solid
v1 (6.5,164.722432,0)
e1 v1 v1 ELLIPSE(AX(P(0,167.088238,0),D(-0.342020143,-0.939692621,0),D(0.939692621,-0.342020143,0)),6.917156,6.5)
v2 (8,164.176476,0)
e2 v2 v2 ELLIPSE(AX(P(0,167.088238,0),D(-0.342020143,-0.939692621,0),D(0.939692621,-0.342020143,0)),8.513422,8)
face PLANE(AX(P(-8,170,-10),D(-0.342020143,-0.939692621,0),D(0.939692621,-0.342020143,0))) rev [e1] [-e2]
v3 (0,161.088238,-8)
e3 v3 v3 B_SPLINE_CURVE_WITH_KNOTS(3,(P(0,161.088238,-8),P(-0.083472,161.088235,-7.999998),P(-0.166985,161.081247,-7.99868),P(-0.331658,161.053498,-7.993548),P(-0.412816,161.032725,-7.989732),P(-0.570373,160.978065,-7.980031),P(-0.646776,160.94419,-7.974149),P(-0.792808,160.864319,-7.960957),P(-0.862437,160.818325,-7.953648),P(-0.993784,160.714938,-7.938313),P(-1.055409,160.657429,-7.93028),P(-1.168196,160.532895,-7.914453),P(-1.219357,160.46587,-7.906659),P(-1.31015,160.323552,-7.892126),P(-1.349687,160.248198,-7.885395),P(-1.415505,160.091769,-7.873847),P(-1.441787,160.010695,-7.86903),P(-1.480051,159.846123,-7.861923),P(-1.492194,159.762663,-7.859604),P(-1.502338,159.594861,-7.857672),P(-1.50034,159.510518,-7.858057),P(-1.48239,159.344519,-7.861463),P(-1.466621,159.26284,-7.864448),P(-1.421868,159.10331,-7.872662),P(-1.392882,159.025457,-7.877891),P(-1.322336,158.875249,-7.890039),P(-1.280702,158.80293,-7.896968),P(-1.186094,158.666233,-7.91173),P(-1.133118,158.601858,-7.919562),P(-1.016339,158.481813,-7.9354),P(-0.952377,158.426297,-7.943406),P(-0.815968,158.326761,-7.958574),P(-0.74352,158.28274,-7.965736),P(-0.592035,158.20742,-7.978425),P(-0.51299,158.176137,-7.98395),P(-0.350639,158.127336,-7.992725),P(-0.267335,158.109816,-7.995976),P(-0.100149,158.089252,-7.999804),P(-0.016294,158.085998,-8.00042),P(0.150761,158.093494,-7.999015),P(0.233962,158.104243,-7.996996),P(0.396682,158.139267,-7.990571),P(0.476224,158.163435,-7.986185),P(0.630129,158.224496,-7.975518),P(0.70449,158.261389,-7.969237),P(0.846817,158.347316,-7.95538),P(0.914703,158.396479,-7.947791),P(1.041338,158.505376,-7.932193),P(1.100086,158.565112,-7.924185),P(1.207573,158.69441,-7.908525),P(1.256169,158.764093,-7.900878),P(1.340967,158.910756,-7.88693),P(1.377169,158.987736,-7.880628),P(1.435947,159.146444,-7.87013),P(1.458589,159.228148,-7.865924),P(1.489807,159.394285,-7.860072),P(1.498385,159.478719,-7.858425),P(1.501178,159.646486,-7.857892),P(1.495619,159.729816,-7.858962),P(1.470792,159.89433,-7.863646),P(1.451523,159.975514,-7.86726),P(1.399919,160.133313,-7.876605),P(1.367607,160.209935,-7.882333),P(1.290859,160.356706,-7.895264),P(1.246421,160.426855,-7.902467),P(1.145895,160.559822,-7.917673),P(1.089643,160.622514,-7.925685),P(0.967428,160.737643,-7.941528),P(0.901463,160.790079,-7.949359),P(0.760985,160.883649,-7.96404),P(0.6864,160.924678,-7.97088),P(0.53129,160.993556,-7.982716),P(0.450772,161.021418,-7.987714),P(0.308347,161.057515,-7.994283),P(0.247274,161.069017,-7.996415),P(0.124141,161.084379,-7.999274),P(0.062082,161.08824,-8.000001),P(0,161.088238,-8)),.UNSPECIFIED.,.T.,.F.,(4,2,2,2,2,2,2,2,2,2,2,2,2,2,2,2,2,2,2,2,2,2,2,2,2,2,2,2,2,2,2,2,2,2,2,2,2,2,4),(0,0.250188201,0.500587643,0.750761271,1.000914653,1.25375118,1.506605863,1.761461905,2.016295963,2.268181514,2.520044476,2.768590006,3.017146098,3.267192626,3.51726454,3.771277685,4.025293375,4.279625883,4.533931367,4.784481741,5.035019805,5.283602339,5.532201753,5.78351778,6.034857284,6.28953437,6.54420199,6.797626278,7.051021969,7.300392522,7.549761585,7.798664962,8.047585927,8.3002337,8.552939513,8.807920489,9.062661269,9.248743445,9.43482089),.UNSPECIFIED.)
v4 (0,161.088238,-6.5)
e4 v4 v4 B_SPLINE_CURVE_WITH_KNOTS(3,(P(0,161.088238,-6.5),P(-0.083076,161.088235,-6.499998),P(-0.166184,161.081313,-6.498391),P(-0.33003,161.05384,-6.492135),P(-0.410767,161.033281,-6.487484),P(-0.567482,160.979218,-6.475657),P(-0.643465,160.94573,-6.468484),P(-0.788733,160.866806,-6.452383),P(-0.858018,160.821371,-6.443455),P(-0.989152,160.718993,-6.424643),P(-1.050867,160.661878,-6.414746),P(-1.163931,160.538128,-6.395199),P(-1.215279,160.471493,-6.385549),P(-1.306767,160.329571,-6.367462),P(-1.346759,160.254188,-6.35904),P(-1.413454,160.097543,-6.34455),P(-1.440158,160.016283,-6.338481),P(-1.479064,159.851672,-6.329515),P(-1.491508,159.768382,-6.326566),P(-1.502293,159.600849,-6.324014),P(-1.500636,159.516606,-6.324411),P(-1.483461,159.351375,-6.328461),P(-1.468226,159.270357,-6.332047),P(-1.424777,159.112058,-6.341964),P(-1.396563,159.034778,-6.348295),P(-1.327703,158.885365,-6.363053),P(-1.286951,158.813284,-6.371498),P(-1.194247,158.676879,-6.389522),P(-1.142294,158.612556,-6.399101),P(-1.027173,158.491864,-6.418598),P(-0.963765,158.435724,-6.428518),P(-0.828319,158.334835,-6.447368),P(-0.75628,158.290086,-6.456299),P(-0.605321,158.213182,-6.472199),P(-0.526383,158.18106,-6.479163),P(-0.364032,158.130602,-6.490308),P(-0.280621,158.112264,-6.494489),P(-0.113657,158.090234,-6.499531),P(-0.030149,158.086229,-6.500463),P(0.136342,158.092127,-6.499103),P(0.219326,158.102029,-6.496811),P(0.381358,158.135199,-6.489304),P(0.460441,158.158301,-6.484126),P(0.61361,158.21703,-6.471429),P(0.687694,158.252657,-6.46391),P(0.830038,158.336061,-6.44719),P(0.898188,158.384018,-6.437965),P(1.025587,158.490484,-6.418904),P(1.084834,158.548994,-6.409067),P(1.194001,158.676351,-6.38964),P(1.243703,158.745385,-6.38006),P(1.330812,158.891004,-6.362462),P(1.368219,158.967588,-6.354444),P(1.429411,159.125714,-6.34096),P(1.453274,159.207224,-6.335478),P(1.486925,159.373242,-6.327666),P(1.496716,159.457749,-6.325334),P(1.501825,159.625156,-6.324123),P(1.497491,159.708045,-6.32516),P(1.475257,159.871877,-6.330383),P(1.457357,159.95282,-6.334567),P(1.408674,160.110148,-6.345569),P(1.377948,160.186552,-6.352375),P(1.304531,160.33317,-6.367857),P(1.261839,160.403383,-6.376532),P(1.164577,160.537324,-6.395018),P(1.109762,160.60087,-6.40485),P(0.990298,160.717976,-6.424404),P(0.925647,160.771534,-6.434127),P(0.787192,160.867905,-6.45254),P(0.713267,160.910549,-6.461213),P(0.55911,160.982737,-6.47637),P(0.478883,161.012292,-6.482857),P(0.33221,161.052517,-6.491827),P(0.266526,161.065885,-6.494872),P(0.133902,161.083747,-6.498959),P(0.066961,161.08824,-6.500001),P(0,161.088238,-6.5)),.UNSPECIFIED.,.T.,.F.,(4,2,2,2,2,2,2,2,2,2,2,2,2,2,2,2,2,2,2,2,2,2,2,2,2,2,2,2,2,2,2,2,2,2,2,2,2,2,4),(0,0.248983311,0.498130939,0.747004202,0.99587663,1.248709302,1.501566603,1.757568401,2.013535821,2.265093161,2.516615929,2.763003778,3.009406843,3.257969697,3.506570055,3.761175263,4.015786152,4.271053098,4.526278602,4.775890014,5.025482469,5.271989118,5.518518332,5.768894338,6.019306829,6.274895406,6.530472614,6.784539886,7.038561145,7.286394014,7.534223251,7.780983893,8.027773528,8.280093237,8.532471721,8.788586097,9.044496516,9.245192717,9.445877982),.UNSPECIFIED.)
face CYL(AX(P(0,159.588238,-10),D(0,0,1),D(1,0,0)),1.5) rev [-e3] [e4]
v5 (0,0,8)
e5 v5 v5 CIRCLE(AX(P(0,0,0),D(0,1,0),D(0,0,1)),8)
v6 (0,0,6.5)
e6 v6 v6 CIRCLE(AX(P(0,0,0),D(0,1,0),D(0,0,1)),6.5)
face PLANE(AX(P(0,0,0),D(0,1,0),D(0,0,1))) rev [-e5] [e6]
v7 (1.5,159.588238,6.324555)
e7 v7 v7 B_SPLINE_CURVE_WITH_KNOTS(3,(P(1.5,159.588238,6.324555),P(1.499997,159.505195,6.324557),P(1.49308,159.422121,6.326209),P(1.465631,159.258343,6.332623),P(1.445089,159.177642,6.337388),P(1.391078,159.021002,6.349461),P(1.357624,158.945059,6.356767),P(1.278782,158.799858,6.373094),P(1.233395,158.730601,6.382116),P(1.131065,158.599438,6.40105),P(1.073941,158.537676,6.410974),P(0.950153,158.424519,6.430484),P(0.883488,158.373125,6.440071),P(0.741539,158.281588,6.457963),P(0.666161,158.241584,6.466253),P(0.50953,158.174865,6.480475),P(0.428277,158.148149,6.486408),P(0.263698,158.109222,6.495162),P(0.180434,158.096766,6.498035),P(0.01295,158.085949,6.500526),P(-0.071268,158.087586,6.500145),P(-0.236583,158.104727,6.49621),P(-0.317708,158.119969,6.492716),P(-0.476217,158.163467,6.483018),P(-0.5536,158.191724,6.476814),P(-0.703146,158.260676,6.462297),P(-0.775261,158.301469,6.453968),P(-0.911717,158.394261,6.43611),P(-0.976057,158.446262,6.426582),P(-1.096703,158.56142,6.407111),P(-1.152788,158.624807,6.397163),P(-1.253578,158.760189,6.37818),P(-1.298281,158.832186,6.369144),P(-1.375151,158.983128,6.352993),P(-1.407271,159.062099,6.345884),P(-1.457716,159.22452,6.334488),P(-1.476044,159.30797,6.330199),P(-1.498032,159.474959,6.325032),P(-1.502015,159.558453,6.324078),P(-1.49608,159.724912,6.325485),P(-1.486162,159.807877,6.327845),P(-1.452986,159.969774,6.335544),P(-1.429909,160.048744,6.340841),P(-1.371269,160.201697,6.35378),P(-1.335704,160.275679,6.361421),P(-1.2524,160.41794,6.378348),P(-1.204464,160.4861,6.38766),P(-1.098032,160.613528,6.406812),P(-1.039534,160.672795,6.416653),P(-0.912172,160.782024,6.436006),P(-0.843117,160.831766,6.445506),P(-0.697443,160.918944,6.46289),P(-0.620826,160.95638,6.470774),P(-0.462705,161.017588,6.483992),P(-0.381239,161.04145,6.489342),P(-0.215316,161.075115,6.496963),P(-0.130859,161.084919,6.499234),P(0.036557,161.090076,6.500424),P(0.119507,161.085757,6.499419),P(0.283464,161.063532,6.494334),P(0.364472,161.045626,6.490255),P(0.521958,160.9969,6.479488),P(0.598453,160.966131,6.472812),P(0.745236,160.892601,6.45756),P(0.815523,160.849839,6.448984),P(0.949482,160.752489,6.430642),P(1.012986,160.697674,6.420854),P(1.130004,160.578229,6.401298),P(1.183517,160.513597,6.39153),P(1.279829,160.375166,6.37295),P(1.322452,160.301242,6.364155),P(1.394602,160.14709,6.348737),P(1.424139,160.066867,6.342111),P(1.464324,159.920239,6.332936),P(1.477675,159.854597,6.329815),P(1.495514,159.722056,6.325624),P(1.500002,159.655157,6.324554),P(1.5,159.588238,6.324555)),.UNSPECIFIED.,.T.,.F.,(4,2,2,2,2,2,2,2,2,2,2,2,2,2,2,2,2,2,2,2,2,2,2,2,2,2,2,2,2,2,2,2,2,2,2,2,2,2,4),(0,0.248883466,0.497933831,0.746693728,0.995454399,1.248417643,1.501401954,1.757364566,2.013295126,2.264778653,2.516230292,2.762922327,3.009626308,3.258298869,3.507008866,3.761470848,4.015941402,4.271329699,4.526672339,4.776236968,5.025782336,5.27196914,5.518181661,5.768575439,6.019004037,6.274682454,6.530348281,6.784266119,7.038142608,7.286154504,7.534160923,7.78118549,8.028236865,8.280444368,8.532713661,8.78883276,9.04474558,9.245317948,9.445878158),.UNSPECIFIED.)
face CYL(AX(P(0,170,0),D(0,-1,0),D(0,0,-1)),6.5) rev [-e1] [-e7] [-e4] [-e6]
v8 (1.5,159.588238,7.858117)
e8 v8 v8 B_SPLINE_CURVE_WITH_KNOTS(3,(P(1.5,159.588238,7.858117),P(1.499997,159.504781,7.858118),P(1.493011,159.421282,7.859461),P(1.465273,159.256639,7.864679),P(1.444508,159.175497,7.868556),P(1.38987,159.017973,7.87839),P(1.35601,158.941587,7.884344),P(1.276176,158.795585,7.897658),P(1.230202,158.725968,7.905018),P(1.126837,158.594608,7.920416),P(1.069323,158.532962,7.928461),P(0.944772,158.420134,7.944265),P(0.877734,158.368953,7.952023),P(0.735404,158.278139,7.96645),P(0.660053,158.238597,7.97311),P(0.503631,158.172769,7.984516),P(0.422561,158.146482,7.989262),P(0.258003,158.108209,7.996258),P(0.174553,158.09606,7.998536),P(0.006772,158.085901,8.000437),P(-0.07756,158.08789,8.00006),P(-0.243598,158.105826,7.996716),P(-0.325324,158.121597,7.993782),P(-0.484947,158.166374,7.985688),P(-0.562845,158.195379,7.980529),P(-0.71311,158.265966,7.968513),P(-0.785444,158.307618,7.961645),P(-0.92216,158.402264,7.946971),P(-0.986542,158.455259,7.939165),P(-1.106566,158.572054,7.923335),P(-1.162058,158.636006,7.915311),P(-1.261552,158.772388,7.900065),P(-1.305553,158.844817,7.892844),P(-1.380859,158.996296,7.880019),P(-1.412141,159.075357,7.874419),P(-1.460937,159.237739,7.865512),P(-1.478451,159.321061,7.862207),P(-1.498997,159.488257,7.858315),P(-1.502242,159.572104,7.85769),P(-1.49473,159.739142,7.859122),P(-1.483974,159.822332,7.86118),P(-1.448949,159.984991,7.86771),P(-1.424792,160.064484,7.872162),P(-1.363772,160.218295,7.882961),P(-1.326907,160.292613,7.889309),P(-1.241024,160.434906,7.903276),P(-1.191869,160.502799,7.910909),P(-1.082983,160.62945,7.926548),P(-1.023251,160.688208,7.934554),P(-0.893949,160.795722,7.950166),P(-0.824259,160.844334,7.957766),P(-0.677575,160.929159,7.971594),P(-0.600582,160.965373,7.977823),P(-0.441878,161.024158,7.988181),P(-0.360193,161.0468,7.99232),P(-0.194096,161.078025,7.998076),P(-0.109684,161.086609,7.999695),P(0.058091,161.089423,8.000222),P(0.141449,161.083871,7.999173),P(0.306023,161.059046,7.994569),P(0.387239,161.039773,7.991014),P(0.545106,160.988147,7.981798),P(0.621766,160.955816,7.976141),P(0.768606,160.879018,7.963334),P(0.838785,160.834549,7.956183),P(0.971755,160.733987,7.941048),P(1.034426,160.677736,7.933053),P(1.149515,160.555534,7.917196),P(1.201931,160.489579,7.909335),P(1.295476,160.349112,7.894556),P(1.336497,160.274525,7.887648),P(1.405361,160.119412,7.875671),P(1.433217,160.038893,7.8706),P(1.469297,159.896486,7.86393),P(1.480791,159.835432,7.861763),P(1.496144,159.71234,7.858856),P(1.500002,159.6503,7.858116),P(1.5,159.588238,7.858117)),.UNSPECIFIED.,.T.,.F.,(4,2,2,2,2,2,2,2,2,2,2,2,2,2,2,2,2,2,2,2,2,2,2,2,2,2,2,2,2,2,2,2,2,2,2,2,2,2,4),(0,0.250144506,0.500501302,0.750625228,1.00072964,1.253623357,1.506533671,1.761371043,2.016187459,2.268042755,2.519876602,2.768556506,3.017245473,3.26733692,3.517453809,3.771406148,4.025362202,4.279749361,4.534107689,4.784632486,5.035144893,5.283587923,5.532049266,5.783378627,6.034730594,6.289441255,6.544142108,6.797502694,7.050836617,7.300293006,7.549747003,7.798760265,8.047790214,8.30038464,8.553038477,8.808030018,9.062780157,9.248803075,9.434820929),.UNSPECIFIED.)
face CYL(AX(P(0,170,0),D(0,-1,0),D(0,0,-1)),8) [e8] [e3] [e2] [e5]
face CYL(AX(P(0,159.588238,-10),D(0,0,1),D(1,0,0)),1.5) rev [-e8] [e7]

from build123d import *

# Parameters (mm, degrees)
IZIM1_R                     = 8
IZIM1_R_2                   = 6.5
Y_KSEKLIK_EKSTR_ZYON1_DEPTH = 170
IZIM3_R                     = 1.5
KES_EKSTR_ZYON1_DEPTH       = 10


with BuildPart() as part:
    # Çizim1 → Yükseklik-Ekstrüzyon1 (new body)
    with BuildSketch(Plane(origin=(0, 0, 0), x_dir=(1, 0, 0), z_dir=(0, 1, 0))):
        with Locations(Location((0, 0, 0), (0, 0, 270))):
            Circle(IZIM1_R)
        with Locations(Location((0, 0, 0), (0, 0, 270))):
            Circle(IZIM1_R_2, mode=Mode.SUBTRACT)
    extrude(amount=Y_KSEKLIK_EKSTR_ZYON1_DEPTH)

    # Çizim3 → Kes-Ekstrüzyon1 (cut, symmetric)
    with BuildSketch(Plane.XY):
        with Locations((0, 159.588238126)):
            Circle(IZIM3_R)
        Polygon((-8, 170), (8, 164.176476252), (8, 170), align=None)
    extrude(amount=KES_EKSTR_ZYON1_DEPTH, both=True, mode=Mode.SUBTRACT)


solid = part.part
